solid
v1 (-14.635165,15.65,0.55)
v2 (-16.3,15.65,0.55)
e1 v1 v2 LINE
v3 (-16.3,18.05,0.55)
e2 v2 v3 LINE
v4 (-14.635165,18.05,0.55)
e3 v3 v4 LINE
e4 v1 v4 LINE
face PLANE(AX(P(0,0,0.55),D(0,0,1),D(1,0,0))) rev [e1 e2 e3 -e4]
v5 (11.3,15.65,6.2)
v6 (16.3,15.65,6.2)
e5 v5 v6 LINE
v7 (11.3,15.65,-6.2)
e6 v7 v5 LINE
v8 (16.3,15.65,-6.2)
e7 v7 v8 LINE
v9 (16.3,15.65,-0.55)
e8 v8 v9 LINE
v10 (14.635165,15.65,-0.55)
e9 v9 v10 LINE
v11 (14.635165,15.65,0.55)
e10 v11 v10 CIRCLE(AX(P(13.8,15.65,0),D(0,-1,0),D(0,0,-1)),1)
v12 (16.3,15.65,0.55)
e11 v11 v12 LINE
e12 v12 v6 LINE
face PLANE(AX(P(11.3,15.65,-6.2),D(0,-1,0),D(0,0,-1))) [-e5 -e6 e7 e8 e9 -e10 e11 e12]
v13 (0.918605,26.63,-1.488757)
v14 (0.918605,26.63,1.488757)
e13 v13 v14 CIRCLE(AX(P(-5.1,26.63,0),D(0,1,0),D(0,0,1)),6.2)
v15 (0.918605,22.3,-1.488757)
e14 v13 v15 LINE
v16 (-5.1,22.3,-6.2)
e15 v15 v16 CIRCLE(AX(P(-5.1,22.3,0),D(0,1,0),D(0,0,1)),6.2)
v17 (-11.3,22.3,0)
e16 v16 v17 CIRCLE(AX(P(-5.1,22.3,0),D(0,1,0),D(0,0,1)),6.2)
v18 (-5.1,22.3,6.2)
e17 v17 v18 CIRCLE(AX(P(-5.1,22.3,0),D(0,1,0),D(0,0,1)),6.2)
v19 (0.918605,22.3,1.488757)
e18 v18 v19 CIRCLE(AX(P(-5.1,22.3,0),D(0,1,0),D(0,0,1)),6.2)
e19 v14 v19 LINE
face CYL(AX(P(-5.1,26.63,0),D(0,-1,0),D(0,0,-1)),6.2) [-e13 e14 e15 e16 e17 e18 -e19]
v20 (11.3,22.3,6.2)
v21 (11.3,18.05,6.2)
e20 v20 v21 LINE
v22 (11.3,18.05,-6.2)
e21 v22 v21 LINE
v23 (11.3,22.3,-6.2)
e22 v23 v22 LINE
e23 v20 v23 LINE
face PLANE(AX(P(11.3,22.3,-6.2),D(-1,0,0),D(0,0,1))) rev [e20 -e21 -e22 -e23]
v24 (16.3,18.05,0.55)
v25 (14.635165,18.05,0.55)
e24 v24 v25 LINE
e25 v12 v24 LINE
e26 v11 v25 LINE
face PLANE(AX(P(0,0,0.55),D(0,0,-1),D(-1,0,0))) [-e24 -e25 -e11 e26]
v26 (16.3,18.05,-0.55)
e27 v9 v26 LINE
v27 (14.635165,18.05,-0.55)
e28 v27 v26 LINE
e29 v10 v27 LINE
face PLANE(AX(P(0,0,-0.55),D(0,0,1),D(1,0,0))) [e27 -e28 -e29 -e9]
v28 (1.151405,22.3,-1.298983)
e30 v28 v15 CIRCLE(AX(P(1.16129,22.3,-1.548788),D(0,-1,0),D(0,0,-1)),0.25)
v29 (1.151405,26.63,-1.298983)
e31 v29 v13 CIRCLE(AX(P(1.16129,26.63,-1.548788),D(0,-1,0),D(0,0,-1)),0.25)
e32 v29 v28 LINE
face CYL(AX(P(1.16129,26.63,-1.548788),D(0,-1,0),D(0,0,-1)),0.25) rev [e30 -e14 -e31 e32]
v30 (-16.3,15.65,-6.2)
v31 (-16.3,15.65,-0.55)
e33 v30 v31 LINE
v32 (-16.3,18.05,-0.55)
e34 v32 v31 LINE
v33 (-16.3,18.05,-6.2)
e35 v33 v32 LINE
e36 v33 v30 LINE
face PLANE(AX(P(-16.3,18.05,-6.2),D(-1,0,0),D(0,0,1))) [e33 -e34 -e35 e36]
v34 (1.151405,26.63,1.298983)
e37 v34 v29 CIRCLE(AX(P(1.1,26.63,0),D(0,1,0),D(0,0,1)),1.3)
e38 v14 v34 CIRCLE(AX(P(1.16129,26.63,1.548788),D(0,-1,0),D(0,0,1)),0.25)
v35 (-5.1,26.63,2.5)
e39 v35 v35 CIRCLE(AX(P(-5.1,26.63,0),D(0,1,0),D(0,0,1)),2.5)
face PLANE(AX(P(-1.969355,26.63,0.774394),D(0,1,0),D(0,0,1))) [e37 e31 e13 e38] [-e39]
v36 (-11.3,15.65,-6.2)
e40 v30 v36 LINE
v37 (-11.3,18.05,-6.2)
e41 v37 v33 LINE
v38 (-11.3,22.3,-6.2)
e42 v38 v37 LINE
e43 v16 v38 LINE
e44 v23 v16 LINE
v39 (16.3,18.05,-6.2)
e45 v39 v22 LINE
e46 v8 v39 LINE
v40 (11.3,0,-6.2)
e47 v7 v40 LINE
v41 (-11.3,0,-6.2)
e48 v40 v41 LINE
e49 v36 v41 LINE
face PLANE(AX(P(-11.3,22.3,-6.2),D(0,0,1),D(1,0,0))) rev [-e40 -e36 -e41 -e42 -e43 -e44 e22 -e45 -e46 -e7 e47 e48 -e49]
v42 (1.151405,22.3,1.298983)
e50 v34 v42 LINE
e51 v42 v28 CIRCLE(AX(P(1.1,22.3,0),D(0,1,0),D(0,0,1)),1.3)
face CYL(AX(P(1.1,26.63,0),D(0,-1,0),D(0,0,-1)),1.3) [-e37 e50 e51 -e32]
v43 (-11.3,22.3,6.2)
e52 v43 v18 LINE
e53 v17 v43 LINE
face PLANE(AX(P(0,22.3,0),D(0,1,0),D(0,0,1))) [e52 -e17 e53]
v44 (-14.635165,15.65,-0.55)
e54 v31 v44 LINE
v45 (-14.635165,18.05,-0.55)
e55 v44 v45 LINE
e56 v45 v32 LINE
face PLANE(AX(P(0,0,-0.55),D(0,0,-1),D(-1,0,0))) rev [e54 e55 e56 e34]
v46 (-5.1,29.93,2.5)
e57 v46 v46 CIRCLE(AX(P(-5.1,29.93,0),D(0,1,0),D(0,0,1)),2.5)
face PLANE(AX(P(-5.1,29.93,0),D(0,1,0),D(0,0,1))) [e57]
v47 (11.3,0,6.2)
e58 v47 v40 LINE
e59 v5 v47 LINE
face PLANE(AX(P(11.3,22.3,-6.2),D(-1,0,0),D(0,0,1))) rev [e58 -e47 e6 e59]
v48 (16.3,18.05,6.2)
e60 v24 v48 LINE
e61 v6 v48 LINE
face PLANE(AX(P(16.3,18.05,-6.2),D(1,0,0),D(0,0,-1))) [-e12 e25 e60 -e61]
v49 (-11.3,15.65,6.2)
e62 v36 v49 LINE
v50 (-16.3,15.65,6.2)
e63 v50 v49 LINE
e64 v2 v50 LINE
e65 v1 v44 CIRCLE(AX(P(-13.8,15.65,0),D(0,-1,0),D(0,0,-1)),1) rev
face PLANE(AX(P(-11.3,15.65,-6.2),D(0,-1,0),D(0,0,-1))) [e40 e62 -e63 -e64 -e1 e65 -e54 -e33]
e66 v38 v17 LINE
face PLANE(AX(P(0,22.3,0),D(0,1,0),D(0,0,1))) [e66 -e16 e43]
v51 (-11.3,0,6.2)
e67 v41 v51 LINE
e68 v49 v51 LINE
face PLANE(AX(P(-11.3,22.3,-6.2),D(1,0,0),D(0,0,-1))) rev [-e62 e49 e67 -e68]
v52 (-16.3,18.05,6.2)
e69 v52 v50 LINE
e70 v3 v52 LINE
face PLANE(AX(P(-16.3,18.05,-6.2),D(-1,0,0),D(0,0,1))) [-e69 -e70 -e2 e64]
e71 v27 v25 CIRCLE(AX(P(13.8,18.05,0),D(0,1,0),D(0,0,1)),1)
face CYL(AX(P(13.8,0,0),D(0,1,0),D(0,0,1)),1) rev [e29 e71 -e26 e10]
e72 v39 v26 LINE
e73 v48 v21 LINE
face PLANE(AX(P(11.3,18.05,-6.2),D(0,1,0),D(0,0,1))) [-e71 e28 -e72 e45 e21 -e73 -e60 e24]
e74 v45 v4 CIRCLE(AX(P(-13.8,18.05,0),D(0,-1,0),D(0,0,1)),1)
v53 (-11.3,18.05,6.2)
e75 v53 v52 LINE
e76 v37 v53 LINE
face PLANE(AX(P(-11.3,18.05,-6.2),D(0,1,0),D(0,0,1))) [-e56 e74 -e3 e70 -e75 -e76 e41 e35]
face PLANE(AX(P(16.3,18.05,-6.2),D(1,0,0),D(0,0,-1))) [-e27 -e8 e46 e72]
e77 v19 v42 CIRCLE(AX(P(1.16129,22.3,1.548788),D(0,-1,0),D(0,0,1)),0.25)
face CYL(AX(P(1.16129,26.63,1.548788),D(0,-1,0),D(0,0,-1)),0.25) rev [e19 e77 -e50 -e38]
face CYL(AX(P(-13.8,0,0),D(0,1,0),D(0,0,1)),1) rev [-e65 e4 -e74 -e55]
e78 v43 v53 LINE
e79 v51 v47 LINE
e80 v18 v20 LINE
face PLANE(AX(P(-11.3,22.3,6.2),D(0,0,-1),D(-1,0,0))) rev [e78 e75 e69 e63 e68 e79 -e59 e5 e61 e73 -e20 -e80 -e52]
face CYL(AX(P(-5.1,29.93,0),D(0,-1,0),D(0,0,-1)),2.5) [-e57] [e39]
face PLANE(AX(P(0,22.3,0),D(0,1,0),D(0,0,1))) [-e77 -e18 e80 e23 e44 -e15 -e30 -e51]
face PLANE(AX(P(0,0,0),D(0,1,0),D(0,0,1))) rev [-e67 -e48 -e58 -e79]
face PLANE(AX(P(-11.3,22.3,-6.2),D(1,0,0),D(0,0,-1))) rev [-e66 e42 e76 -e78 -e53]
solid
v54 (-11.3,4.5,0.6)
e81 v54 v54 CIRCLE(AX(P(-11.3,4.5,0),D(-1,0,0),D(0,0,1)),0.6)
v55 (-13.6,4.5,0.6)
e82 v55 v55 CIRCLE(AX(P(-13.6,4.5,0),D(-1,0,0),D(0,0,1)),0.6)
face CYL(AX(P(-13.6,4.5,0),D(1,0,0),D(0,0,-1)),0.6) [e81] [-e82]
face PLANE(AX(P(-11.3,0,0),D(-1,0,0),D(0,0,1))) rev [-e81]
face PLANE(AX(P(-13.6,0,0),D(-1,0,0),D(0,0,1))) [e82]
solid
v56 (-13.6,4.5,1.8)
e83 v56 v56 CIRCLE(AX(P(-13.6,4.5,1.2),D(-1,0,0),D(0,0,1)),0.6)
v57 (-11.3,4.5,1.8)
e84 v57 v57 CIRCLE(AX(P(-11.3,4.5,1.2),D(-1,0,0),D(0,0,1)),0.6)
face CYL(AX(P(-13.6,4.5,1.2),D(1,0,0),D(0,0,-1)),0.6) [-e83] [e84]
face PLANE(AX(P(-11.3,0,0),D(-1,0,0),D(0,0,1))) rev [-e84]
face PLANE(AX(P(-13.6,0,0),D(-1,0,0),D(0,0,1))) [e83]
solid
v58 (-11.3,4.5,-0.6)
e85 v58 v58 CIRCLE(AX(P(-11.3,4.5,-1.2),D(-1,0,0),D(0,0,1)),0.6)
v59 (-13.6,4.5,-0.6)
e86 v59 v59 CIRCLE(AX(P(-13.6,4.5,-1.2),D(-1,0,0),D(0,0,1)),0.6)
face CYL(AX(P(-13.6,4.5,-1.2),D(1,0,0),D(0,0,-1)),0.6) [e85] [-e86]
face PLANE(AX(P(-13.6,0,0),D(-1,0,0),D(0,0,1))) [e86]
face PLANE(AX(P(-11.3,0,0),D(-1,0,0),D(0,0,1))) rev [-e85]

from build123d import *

# Parameters (mm, degrees)
SKETCH1_W             = 22.6
SKETCH1_H             = 12.4
BOSS_EXTRUDE1_DEPTH   = 22.3
SKETCH2_W             = 5
SKETCH2_H             = 2.4
BOSS_EXTRUDE2_DEPTH   = 12.4
CUT_EXTRUDE_S_DEPTH   = 26.098456128
BOSS_EXTRUDE3_DEPTH   = 4.33
SKETCH5_R             = 2.5
BOSS_EXTRUDE4_DEPTH   = 3.3
SKETCH6_R             = 0.6
BOSS_EXTRUDE6_DEPTH   = 2.3
BOSS_EXTRUDE6_2_DEPTH = 2.3
BOSS_EXTRUDE6_3_DEPTH = 2.3


with BuildPart() as part:
    # Sketch1 → Boss-Extrude1 (new body)
    with BuildSketch(Plane(origin=(0, 0, 0), x_dir=(1, 0, 0), z_dir=(0, 1, 0))):
        Rectangle(SKETCH1_W, SKETCH1_H)
    extrude(amount=BOSS_EXTRUDE1_DEPTH)

    # Sketch2 → Boss-Extrude2 (add)
    with BuildSketch(Plane.XY.offset(6.2)):
        with Locations((13.8, 16.85)):
            Rectangle(SKETCH2_W, SKETCH2_H)
        with Locations((-13.8, 16.85)):
            Rectangle(SKETCH2_W, SKETCH2_H)
    extrude(amount=-BOSS_EXTRUDE2_DEPTH)

    # Sketch3 → Cut-Extrude s (cut, through all)
    with BuildSketch(Plane(origin=(0, 18.05, 0), x_dir=(1, 0, 0), z_dir=(0, 1, 0))):
        with BuildLine():
            Line((16.3, 0.55), (14.635164654, 0.55))
            ThreePointArc((14.635164654, 0.55), (12.8, 0), (14.635164654, -0.55))
            Line((14.635164654, -0.55), (16.3, -0.55))
            Line((16.3, -0.55), (16.3, 0.55))
        make_face()
    cut_extrude_s = extrude(amount=-CUT_EXTRUDE_S_DEPTH, mode=Mode.SUBTRACT)

    # Mirror1: Cut-Extrude s across plane
    add(cut_extrude_s.mirror(Plane(origin=(0, 0, 0), x_dir=(0, 0, 1), z_dir=(1, 0, 0))), mode=Mode.SUBTRACT)

    # Sketch4 → Boss-Extrude3 (add)
    with BuildSketch(Plane(origin=(0, 22.3, 0), x_dir=(1, 0, 0), z_dir=(0, 1, 0))):
        with BuildLine():
            ThreePointArc((0.918604651, 1.488757218), (-11.3, 0), (0.918604651, -1.488757218))
            ThreePointArc((0.918604651, -1.488757218), (1.003329596, -1.355013632), (1.151404787, -1.298983275))
            ThreePointArc((1.151404787, -1.298983275), (2.4, 0), (1.151404787, 1.298983275))
            ThreePointArc((1.151404787, 1.298983275), (1.003329596, 1.355013632), (0.918604651, 1.488757218))
        make_face()
    extrude(amount=BOSS_EXTRUDE3_DEPTH)

    # Sketch5 → Boss-Extrude4 (add)
    with BuildSketch(Plane(origin=(0, 26.63, 0), x_dir=(1, 0, 0), z_dir=(0, 1, 0))):
        with Locations(Location((-5.1, 0, 0), (0, 0, 270))):
            Circle(SKETCH5_R)
    extrude(amount=BOSS_EXTRUDE4_DEPTH)


with BuildPart() as body_2:
    # Sketch6 → Boss-Extrude6 (new body)
    with BuildSketch(Plane.ZY.offset(11.3)):
        with Locations((1.2, 4.5)):
            Circle(SKETCH6_R)
    extrude(amount=BOSS_EXTRUDE6_DEPTH)


with BuildPart() as body_3:
    # Sketch6 → Boss-Extrude6 2 (new body)
    with BuildSketch(Plane.ZY.offset(11.3)):
        with Locations((0, 4.5)):
            Circle(SKETCH6_R)
    extrude(amount=BOSS_EXTRUDE6_2_DEPTH)


with BuildPart() as body_4:
    # Sketch6 → Boss-Extrude6 3 (new body)
    with BuildSketch(Plane.ZY.offset(11.3)):
        with Locations((-1.2, 4.5)):
            Circle(SKETCH6_R)
    extrude(amount=BOSS_EXTRUDE6_3_DEPTH)


solid = Compound([part.part, body_2.part, body_3.part, body_4.part])
